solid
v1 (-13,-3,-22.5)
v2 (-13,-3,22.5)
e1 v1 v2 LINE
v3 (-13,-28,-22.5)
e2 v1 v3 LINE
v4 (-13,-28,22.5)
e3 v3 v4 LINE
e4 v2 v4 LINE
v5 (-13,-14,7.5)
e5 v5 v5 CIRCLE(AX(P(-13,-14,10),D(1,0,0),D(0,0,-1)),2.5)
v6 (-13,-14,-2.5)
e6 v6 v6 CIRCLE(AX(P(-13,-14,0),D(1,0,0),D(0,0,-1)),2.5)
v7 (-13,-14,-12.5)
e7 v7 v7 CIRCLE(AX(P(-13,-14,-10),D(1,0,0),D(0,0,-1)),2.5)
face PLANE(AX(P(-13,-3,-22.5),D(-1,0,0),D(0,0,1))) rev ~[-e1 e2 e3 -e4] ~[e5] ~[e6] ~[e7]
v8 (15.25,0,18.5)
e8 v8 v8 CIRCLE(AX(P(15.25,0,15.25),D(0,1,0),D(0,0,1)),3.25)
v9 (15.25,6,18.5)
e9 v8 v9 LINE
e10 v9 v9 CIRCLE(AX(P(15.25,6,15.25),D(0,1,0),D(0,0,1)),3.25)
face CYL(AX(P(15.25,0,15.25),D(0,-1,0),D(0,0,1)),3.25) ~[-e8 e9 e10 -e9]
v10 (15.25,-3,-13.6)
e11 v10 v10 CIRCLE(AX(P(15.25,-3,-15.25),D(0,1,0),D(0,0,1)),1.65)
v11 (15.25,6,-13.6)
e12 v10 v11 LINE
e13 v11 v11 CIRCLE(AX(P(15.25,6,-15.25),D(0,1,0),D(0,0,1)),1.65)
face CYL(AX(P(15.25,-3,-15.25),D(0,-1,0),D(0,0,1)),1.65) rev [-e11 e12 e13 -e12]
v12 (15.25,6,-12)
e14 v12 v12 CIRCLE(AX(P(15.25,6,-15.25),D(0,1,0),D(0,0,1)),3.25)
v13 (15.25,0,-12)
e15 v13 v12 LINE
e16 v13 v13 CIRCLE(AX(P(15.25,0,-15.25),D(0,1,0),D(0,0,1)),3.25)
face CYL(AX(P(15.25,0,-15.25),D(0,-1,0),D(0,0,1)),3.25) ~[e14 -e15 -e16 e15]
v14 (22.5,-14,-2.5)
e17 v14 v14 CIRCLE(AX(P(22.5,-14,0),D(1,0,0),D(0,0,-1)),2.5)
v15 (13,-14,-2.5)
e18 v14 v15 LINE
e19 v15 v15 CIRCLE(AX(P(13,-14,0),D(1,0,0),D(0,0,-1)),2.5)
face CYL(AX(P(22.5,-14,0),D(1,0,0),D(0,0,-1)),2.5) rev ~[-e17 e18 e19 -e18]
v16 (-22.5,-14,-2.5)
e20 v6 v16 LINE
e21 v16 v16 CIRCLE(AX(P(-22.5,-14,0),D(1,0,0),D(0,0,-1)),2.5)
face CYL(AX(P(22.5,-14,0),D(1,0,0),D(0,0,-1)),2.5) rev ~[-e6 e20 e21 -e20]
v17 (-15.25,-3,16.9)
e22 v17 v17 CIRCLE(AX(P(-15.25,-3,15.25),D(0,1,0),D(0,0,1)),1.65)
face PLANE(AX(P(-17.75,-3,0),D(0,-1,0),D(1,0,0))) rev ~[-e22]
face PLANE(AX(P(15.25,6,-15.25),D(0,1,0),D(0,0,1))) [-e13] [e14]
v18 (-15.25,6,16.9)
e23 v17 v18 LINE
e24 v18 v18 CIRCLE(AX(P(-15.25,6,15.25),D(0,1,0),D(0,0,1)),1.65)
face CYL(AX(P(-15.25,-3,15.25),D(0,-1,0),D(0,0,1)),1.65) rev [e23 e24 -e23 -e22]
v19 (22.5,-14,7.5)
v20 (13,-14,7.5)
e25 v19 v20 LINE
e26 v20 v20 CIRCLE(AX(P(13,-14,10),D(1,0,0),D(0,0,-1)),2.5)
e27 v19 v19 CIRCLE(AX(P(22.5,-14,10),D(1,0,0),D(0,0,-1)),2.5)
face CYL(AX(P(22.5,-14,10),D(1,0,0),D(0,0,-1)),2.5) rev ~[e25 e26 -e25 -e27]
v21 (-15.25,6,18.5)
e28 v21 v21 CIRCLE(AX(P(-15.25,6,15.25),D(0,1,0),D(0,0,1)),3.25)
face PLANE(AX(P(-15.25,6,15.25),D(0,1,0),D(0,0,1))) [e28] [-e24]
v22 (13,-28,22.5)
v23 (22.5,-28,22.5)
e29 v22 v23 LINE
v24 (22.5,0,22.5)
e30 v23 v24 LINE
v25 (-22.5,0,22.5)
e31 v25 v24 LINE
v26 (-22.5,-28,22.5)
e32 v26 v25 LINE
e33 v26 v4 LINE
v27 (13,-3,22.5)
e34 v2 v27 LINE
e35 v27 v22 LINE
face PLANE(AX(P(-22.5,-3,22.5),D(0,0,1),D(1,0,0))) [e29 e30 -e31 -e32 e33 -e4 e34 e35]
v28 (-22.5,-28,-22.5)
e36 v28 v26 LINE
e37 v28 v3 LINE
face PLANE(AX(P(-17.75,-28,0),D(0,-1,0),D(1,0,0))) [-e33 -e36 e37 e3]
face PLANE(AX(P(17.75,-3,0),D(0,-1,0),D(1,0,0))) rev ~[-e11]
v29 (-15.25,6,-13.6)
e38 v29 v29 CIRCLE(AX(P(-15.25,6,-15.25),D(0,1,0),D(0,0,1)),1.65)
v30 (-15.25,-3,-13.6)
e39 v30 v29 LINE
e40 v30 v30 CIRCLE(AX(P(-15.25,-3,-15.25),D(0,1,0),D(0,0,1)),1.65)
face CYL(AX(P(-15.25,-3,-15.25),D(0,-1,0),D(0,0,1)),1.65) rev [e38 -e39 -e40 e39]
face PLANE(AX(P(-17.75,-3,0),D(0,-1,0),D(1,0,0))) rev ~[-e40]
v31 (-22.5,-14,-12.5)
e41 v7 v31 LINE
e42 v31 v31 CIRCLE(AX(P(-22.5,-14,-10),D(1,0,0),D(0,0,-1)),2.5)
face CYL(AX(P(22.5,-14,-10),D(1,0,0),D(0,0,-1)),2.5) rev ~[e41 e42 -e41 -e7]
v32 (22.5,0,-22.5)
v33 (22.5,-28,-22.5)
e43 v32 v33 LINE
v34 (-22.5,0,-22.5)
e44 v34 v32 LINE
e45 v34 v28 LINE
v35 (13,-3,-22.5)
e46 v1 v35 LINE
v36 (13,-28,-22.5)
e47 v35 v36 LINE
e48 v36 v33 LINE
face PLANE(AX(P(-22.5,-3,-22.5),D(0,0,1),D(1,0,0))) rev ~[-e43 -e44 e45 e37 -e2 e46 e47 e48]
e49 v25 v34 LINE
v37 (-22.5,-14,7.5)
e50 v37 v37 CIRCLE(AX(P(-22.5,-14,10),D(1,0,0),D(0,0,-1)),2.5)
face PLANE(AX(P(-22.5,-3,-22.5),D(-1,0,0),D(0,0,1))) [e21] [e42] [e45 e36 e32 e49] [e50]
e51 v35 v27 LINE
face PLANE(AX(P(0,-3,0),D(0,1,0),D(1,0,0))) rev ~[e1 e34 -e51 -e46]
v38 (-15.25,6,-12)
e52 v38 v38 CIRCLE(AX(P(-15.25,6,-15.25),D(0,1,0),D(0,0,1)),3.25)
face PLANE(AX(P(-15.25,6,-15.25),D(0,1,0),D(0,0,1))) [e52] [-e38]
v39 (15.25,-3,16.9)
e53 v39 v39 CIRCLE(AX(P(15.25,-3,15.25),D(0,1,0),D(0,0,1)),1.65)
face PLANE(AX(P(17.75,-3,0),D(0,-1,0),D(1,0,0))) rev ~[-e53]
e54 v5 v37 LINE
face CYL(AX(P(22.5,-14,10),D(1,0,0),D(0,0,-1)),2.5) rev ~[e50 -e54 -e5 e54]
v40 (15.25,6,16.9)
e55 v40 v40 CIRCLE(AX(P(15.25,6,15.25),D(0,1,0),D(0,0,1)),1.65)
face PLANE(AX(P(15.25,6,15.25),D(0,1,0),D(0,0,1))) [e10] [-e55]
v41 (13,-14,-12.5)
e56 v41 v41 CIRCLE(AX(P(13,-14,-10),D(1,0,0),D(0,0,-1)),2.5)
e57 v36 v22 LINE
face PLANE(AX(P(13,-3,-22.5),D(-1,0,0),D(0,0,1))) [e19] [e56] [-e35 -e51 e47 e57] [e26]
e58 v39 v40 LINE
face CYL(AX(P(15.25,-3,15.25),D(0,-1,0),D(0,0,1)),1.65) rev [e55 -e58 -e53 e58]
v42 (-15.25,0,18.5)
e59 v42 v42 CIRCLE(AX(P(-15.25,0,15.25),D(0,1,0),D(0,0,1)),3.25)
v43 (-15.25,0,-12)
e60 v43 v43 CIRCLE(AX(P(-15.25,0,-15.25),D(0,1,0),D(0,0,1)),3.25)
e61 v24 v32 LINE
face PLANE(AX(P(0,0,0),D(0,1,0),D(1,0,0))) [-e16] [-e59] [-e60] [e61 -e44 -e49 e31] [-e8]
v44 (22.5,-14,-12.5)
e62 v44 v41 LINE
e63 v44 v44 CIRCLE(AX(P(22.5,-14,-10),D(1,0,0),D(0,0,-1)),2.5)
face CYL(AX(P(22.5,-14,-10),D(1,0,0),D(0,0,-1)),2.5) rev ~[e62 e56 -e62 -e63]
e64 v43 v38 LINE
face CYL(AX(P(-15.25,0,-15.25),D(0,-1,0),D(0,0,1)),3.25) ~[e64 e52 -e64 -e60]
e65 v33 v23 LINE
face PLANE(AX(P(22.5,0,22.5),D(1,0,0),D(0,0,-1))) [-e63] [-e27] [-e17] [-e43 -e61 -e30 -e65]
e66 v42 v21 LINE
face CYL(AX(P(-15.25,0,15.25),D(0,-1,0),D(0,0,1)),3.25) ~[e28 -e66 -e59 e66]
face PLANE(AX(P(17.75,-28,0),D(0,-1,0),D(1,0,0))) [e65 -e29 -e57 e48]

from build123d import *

# Parameters (mm, degrees)
SKETCH1_R             = 3.25
SKETCH1_R_2           = 1.65
BOSS_EXTRUDE1_DEPTH   = 6
BOSS_EXTRUDE1_2_DEPTH = 6
BOSS_EXTRUDE1_3_DEPTH = 6
BOSS_EXTRUDE1_4_DEPTH = 6
SKETCH2_W             = 45
SKETCH2_H             = 45
BOSS_EXTRUDE2_DEPTH   = 3
CUT_EXTRUDE1_START    = -3
SKETCH1_2_R           = 1.65
CUT_EXTRUDE1_DEPTH    = 3
SKETCH7_W             = 9.5
SKETCH7_H             = 45
BOSS_EXTRUDE3_DEPTH   = 25
SKETCH8_R             = 2.5
CUT_EXTRUDE2_DEPTH    = 58.578207683


with BuildPart() as part:
    # Sketch1 → Boss-Extrude1 (new body)
    with BuildSketch(Plane(origin=(0, 0, 0), x_dir=(1, 0, 0), z_dir=(0, 1, 0))):
        with Locations((-15.25, 15.25)):
            Circle(SKETCH1_R)
        with Locations((-15.25, 15.25)):
            Circle(SKETCH1_R_2, mode=Mode.SUBTRACT)
    extrude(amount=BOSS_EXTRUDE1_DEPTH)



with BuildPart() as body_2:
    # Sketch1 → Boss-Extrude1 2 (new body)
    with BuildSketch(Plane(origin=(0, 0, 0), x_dir=(1, 0, 0), z_dir=(0, 1, 0))):
        with Locations((15.25, 15.25)):
            Circle(SKETCH1_R)
        with Locations((15.25, 15.25)):
            Circle(SKETCH1_R_2, mode=Mode.SUBTRACT)
    extrude(amount=BOSS_EXTRUDE1_2_DEPTH)


with BuildPart() as body_3:
    # Sketch1 → Boss-Extrude1 3 (new body)
    with BuildSketch(Plane(origin=(0, 0, 0), x_dir=(1, 0, 0), z_dir=(0, 1, 0))):
        with Locations((15.25, -15.25)):
            Circle(SKETCH1_R)
        with Locations((15.25, -15.25)):
            Circle(SKETCH1_R_2, mode=Mode.SUBTRACT)
    extrude(amount=BOSS_EXTRUDE1_3_DEPTH)


with BuildPart() as body_4:
    # Sketch1 → Boss-Extrude1 4 (new body)
    with BuildSketch(Plane(origin=(0, 0, 0), x_dir=(1, 0, 0), z_dir=(0, 1, 0))):
        with Locations((-15.25, -15.25)):
            Circle(SKETCH1_R)
        with Locations((-15.25, -15.25)):
            Circle(SKETCH1_R_2, mode=Mode.SUBTRACT)
    extrude(amount=BOSS_EXTRUDE1_4_DEPTH)


with BuildPart() as part_1:
    add(part.part)

    add(body_2.part)  # Boss-Extrude2 merges body 2

    add(body_3.part)  # Boss-Extrude2 merges body 3

    add(body_4.part)  # Boss-Extrude2 merges body 4
    # Sketch2 → Boss-Extrude2 (add)
    with BuildSketch(Plane(origin=(0, 0, 0), x_dir=(1, 0, 0), z_dir=(0, 1, 0))):
        Rectangle(SKETCH2_W, SKETCH2_H)
    extrude(amount=-BOSS_EXTRUDE2_DEPTH)

    # Sketch1<2> → Cut-Extrude1 (cut)
    with BuildSketch(Plane(origin=(0, 0, 0), x_dir=(1, 0, 0), z_dir=(0, 1, 0)).offset(CUT_EXTRUDE1_START)):
        with Locations((-15.25, 15.25)):
            Circle(SKETCH1_2_R)
        with Locations((15.25, 15.25)):
            Circle(SKETCH1_2_R)
        with Locations((15.25, -15.25)):
            Circle(SKETCH1_2_R)
        with Locations((-15.25, -15.25)):
            Circle(SKETCH1_2_R)
    extrude(amount=CUT_EXTRUDE1_DEPTH, mode=Mode.SUBTRACT)

    # Sketch7 → Boss-Extrude3 (add)
    with BuildSketch(Plane.XZ.offset(3)):
        with Locations((-17.75, 0)):
            Rectangle(SKETCH7_W, SKETCH7_H)
        with Locations((17.75, 0)):
            Rectangle(SKETCH7_W, SKETCH7_H)
    extrude(amount=BOSS_EXTRUDE3_DEPTH)

    # Sketch8 → Cut-Extrude2 (cut, through all)
    with BuildSketch(Plane(origin=(22.5, 0, 0), x_dir=(0, 0, -1), z_dir=(1, 0, 0))):
        with Locations((0, -14)):
            Circle(SKETCH8_R)
        with Locations((-10, -14)):
            Circle(SKETCH8_R)
        with Locations((10, -14)):
            Circle(SKETCH8_R)
    extrude(amount=-CUT_EXTRUDE2_DEPTH, mode=Mode.SUBTRACT)


solid = part_1.part
